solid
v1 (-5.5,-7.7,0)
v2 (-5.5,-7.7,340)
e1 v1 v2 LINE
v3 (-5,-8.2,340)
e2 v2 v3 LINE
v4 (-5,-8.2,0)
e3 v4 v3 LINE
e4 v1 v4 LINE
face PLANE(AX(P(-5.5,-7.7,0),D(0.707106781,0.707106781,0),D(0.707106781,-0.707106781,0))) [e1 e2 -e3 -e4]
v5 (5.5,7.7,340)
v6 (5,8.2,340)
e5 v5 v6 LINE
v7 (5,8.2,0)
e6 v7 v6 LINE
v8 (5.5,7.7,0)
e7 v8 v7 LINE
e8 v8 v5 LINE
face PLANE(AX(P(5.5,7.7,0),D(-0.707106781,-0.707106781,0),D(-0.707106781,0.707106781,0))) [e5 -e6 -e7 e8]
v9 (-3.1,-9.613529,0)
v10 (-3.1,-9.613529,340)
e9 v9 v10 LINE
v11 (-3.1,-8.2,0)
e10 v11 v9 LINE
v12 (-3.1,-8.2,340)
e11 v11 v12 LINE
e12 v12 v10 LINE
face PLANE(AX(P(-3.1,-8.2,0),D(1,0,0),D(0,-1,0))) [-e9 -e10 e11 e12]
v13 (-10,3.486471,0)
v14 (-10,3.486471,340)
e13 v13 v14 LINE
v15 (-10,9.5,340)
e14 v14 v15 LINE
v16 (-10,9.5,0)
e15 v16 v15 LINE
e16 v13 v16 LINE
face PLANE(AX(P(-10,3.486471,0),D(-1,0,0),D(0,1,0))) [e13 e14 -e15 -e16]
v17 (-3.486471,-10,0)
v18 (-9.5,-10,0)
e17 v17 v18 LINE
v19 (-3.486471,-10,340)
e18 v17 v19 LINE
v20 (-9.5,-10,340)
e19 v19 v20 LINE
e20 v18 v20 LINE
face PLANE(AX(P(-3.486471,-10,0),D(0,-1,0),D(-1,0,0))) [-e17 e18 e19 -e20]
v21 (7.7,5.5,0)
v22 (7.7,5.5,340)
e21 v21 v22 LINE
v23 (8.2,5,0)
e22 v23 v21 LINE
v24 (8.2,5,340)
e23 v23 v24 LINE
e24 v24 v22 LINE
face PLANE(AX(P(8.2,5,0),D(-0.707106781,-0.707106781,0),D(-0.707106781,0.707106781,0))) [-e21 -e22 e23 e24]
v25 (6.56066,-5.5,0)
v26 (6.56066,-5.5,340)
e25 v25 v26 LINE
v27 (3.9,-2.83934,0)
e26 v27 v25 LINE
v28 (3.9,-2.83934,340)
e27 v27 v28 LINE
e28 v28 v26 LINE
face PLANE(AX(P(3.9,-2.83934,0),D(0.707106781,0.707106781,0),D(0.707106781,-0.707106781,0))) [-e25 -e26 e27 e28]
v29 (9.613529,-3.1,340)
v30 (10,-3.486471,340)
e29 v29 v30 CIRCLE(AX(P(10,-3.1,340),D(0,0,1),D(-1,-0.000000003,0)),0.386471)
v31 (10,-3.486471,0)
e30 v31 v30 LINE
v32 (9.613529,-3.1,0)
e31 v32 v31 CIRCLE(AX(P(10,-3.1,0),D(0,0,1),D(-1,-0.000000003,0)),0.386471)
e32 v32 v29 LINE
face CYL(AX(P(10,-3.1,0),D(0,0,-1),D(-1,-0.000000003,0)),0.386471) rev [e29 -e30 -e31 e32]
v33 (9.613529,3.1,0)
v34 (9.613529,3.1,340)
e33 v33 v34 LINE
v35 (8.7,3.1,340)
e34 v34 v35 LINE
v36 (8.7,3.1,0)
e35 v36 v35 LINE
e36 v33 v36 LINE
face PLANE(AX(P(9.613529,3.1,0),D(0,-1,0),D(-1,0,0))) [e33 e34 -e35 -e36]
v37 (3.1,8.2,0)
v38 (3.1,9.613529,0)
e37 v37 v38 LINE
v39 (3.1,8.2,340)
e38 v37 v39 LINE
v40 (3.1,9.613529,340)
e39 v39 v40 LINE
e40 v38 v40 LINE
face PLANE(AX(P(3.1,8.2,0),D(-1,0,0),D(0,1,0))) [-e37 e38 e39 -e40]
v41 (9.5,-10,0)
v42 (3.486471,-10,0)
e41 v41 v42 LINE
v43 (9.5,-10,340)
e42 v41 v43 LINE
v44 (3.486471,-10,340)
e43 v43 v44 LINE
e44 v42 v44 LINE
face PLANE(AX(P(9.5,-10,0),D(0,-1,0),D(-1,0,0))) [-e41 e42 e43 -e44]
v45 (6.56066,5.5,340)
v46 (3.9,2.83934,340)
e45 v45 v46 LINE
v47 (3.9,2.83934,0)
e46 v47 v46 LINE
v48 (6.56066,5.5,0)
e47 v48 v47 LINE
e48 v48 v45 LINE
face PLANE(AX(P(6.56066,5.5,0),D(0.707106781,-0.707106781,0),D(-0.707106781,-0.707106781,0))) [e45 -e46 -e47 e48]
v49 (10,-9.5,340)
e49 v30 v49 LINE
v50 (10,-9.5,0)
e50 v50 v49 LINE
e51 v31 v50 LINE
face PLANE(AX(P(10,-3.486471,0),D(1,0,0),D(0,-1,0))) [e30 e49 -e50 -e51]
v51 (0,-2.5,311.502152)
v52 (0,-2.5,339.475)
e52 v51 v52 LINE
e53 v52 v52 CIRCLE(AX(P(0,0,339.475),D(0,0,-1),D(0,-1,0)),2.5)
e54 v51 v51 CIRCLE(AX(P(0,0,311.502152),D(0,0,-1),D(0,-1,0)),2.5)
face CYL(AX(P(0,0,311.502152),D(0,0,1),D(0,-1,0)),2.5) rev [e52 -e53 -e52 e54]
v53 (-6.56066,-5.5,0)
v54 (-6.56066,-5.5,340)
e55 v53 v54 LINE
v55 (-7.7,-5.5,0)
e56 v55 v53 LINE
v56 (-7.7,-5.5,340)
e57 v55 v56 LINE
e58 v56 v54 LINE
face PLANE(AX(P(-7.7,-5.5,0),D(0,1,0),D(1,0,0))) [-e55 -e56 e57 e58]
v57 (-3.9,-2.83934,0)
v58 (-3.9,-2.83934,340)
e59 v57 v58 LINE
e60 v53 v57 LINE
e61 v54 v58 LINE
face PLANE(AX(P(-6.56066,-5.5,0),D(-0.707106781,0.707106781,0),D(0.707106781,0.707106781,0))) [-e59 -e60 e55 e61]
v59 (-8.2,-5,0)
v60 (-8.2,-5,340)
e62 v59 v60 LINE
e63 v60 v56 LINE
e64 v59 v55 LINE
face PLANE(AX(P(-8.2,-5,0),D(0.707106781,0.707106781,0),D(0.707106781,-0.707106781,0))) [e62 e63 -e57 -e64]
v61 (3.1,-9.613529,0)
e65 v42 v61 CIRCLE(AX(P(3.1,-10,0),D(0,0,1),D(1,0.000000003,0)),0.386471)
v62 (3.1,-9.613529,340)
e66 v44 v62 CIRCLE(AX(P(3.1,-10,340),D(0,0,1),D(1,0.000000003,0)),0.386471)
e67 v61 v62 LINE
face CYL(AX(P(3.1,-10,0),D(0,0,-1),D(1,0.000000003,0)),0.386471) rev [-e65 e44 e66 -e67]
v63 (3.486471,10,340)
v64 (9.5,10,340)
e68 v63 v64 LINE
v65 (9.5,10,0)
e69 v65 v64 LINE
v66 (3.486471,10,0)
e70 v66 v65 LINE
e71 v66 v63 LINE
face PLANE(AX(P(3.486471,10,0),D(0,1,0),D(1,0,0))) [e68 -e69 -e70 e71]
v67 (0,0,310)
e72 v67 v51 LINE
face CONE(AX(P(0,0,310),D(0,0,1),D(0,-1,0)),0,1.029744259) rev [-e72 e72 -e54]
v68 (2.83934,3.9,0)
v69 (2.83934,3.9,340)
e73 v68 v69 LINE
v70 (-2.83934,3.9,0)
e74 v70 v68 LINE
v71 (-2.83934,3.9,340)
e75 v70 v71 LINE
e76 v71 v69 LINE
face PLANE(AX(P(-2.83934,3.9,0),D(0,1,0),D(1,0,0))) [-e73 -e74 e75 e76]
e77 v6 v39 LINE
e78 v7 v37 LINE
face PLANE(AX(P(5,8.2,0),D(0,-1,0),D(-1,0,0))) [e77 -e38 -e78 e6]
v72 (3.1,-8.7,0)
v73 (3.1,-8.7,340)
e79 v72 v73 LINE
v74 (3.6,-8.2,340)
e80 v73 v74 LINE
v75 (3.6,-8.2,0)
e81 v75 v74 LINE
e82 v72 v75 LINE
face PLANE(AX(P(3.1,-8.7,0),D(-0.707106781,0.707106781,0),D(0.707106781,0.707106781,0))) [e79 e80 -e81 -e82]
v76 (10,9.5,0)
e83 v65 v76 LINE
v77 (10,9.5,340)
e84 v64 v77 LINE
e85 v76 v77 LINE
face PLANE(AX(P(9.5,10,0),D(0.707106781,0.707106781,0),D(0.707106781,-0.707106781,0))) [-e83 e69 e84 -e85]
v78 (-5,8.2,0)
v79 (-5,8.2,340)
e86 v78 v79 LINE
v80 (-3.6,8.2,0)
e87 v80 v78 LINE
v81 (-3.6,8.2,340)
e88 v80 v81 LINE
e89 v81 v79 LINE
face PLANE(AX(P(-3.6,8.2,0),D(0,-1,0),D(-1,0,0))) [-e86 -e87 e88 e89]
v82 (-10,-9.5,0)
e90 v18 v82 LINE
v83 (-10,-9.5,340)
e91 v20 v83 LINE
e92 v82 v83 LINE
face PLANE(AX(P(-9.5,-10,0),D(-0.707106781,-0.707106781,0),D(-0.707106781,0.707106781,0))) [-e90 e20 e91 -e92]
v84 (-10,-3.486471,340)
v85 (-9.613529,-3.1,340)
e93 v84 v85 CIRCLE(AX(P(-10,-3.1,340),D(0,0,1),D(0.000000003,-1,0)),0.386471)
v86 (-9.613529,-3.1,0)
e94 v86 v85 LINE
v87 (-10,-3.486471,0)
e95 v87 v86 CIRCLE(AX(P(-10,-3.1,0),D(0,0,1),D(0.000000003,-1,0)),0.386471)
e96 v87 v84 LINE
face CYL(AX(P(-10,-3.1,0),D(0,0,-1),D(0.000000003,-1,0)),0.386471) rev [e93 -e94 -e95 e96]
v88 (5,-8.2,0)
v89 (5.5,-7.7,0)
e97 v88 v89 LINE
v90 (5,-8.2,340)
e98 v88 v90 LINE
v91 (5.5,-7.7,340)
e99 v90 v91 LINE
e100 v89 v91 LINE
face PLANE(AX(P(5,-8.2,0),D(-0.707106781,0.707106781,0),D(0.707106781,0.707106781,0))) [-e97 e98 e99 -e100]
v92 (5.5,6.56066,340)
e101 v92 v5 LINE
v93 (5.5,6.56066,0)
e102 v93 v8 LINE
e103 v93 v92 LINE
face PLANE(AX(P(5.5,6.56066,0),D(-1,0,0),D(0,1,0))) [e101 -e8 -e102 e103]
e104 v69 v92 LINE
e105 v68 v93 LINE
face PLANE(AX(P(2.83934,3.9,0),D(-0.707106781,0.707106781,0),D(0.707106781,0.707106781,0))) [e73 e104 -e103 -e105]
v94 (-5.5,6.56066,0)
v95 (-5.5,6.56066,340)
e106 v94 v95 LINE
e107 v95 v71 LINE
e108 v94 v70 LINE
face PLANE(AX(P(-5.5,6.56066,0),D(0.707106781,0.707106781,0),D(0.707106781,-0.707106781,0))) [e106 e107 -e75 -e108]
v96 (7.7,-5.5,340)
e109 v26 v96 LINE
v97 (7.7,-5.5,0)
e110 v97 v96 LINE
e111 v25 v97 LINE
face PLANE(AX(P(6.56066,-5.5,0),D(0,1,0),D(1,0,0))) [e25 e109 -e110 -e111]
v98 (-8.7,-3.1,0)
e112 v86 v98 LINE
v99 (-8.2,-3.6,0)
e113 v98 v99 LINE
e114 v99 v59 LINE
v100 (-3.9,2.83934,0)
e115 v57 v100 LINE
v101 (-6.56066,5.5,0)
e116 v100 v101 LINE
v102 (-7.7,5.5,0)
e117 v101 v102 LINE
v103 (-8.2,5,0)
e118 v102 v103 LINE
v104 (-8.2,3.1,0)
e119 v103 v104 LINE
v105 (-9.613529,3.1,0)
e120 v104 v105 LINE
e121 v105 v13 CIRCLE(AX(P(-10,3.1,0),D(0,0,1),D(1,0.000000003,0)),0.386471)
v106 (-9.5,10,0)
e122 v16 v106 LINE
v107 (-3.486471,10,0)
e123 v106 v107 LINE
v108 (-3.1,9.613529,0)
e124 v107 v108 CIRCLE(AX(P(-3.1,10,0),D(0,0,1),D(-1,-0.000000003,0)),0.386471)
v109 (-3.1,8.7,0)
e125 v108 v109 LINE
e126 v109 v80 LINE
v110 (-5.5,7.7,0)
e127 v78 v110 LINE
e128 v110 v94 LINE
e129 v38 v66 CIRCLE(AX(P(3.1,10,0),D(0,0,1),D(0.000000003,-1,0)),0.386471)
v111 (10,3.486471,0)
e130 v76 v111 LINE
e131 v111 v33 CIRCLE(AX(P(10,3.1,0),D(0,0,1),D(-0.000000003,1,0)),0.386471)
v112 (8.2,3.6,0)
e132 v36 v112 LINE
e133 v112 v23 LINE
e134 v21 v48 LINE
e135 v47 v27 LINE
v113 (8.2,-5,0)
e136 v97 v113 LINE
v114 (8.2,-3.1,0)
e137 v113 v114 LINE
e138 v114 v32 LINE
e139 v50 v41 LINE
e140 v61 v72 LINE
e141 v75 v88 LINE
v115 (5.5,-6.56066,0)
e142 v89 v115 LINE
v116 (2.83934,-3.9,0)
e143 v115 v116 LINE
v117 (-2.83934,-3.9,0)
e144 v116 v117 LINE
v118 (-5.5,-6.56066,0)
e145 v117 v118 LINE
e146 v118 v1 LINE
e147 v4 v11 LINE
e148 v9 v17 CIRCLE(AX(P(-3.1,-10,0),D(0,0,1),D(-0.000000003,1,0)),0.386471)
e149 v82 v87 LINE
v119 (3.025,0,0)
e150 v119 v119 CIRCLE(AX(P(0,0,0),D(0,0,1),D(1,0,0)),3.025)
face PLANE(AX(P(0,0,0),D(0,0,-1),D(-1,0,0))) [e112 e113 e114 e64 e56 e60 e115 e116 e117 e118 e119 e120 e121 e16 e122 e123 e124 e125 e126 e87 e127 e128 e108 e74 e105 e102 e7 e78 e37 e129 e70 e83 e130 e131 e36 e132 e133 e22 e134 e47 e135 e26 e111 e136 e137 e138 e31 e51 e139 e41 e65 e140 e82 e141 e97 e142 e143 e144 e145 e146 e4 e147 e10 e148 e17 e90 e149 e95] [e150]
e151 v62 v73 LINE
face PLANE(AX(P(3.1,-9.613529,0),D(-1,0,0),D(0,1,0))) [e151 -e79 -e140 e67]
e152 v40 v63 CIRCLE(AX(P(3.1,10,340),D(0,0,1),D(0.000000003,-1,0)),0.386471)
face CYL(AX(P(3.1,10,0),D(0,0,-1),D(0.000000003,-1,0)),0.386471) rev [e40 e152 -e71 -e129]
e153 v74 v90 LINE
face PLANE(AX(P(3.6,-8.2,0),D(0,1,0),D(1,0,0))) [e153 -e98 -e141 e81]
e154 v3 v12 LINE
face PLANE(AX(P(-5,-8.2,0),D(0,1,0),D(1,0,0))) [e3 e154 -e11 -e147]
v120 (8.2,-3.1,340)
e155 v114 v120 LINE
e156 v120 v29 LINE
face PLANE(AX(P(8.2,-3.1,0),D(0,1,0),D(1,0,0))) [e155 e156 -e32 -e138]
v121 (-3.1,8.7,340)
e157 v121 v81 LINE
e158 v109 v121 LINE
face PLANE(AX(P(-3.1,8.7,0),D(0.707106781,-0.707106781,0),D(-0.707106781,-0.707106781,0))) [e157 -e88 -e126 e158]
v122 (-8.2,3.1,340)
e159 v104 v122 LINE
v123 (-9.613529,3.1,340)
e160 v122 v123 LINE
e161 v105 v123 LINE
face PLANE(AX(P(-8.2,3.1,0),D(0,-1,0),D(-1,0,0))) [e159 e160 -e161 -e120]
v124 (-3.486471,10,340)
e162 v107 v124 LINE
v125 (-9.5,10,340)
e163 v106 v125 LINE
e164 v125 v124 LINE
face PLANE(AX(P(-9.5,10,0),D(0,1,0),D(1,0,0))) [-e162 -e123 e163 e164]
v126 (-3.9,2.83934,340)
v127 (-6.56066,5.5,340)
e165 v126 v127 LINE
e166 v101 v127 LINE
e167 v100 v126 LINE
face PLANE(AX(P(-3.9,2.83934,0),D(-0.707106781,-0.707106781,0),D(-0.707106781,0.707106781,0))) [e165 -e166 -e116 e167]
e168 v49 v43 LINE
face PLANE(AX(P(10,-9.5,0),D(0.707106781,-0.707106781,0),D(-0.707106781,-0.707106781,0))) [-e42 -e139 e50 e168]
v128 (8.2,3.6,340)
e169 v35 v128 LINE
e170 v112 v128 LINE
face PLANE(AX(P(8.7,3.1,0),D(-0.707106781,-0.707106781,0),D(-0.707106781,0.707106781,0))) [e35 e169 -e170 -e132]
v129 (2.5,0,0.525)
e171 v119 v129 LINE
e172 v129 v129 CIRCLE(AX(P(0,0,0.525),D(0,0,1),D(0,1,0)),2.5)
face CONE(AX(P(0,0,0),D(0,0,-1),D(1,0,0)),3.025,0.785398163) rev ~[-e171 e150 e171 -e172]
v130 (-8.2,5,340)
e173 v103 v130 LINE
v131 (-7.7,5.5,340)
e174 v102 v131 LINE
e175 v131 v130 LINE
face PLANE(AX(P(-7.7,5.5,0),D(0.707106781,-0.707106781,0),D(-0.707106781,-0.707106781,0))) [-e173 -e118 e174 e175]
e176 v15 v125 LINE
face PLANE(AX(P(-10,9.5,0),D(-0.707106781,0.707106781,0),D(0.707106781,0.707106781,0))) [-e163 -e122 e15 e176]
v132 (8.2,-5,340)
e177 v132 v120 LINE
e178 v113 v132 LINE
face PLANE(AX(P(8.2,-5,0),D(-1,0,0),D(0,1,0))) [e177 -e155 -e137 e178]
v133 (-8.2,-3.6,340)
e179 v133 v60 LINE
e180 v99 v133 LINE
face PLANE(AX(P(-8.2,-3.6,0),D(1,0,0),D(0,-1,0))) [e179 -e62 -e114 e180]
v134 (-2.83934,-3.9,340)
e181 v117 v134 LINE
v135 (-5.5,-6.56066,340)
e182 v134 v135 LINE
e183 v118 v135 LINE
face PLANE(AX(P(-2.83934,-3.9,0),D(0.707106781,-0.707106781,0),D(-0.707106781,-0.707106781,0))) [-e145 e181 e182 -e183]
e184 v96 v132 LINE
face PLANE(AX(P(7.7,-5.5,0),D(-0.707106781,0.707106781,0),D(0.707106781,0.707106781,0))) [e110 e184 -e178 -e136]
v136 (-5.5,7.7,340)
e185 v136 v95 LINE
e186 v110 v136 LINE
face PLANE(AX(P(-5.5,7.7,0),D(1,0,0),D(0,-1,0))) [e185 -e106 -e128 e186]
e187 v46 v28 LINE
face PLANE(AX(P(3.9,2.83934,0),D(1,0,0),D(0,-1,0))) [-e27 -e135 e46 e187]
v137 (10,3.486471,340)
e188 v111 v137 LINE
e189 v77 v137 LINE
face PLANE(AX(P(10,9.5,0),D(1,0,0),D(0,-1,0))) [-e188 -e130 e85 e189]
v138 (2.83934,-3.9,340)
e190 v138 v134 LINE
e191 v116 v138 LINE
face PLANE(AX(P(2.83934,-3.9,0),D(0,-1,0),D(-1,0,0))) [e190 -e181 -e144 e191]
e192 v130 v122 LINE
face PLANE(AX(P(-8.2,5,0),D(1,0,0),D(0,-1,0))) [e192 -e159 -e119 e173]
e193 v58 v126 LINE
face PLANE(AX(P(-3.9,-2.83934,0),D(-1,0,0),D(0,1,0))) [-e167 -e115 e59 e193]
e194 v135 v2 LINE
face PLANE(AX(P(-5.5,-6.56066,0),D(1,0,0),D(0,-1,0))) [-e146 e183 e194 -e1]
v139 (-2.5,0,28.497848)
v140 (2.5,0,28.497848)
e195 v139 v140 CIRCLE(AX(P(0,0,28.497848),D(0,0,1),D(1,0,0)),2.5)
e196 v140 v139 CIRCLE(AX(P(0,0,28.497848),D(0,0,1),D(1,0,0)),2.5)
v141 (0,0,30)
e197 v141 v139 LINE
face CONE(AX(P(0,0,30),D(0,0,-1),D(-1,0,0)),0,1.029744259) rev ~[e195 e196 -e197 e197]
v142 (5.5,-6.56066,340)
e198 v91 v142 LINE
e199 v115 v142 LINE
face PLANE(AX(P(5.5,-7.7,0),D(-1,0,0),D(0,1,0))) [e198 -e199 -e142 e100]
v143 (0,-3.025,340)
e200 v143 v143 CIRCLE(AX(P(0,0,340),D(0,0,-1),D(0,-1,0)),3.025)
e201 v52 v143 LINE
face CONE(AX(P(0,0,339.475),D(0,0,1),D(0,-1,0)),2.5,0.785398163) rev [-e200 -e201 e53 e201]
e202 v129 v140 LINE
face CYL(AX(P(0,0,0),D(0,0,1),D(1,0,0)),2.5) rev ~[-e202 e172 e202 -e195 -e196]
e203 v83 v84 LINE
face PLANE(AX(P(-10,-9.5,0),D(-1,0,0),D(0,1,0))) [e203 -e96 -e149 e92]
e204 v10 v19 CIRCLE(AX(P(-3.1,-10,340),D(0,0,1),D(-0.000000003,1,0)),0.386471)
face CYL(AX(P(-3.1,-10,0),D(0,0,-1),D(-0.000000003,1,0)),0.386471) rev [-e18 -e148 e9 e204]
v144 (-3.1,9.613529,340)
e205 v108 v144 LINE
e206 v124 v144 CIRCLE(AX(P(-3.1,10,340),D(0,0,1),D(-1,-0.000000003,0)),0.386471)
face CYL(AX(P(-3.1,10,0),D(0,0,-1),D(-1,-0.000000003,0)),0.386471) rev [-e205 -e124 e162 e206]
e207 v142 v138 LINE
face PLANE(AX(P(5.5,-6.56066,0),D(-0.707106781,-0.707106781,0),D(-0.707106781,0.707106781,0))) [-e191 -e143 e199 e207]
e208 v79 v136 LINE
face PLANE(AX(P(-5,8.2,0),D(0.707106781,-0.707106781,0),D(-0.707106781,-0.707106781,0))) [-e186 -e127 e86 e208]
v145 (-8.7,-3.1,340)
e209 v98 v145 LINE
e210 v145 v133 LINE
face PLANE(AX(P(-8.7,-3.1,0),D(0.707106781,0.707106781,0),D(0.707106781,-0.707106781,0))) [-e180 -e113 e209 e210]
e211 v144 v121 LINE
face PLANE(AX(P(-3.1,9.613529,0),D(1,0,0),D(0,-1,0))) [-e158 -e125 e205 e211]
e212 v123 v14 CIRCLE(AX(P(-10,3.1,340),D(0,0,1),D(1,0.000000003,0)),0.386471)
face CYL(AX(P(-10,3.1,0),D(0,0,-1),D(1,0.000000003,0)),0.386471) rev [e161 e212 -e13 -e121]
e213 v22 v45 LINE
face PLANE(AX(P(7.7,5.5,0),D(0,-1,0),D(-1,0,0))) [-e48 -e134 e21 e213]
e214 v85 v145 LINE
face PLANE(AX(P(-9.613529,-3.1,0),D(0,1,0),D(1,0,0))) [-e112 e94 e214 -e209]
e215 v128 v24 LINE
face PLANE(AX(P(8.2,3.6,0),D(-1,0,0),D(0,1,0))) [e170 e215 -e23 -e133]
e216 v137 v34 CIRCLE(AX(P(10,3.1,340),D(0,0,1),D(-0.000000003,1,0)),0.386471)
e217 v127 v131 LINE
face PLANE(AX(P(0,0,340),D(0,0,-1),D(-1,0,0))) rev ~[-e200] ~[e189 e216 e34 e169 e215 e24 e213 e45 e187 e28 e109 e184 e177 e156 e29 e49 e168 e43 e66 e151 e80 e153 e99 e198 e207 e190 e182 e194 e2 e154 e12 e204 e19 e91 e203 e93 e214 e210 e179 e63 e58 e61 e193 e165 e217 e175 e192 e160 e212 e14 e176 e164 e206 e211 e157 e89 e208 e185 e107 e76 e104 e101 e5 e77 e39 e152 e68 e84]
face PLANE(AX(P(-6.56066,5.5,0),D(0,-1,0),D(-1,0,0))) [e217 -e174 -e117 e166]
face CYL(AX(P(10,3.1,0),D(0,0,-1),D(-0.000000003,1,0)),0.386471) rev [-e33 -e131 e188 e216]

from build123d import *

# Parameters (mm, degrees)
BOSS_EXTRUDE1_DEPTH             = 340
M6X1_0_TAPPED_HOLE2_D           = 5
M6X1_0_TAPPED_HOLE2_DEPTH       = 28.497848452
M6X1_0_TAPPED_HOLE2_CSINK_D     = 6.05
M6X1_0_TAPPED_HOLE2_CSINK_ANGLE = 90
M6X1_0_TAPPED_HOLE2_TIP         = 1.502151548


with BuildPart() as part:
    # Sketch1 → Boss-Extrude1 (new body)
    with BuildSketch(Plane.XY):
        with BuildLine():
            Line((-9.5, 10), (-3.486470896, 10))
            ThreePointArc((-3.486470896, 10), (-3.373276191, 9.726723809), (-3.1, 9.613529104))
            Line((-3.1, 9.613529104), (-3.1, 8.7))
            Line((-3.1, 8.7), (-3.6, 8.2))
            Line((-3.6, 8.2), (-5, 8.2))
            Line((-5, 8.2), (-5.5, 7.7))
            Line((-5.5, 7.7), (-5.5, 6.560660172))
            Line((-5.5, 6.560660172), (-2.839339828, 3.9))
            Line((-2.839339828, 3.9), (0, 3.9))
            Line((0, 3.9), (2.839339828, 3.9))
            Line((2.839339828, 3.9), (5.5, 6.560660172))
            Line((5.5, 6.560660172), (5.5, 7.7))
            Line((5.5, 7.7), (5, 8.2))
            Line((5, 8.2), (3.1, 8.2))
            Line((3.1, 8.2), (3.1, 9.613529104))
            ThreePointArc((3.1, 9.613529104), (3.373276191, 9.726723809), (3.486470896, 10))
            Line((3.486470896, 10), (9.5, 10))
            Line((9.5, 10), (10, 9.5))
            Line((10, 9.5), (10, 3.486470896))
            ThreePointArc((10, 3.486470896), (9.726723809, 3.373276191), (9.613529104, 3.1))
            Line((9.613529104, 3.1), (8.7, 3.1))
            Line((8.7, 3.1), (8.2, 3.6))
            Line((8.2, 3.6), (8.2, 5))
            Line((8.2, 5), (7.7, 5.5))
            Line((7.7, 5.5), (6.560660172, 5.5))
            Line((6.560660172, 5.5), (3.9, 2.839339828))
            Line((3.9, 2.839339828), (3.9, 0))
            Line((3.9, 0), (3.9, -2.839339828))
            Line((3.9, -2.839339828), (6.560660172, -5.5))
            Line((6.560660172, -5.5), (7.7, -5.5))
            Line((7.7, -5.5), (8.2, -5))
            Line((8.2, -5), (8.2, -3.1))
            Line((8.2, -3.1), (9.613529104, -3.1))
            ThreePointArc((9.613529104, -3.1), (9.726723809, -3.373276191), (10, -3.486470896))
            Line((10, -3.486470896), (10, -9.5))
            Line((10, -9.5), (9.5, -10))
            Line((9.5, -10), (3.486470896, -10))
            ThreePointArc((3.486470896, -10), (3.373276191, -9.726723809), (3.1, -9.613529104))
            Line((3.1, -9.613529104), (3.1, -8.7))
            Line((3.1, -8.7), (3.6, -8.2))
            Line((3.6, -8.2), (5, -8.2))
            Line((5, -8.2), (5.5, -7.7))
            Line((5.5, -7.7), (5.5, -6.560660172))
            Line((5.5, -6.560660172), (2.839339828, -3.9))
            Line((2.839339828, -3.9), (0, -3.9))
            Line((0, -3.9), (-2.839339828, -3.9))
            Line((-2.839339828, -3.9), (-5.5, -6.560660172))
            Line((-5.5, -6.560660172), (-5.5, -7.7))
            Line((-5.5, -7.7), (-5, -8.2))
            Line((-5, -8.2), (-3.1, -8.2))
            Line((-3.1, -8.2), (-3.1, -9.613529104))
            ThreePointArc((-3.1, -9.613529104), (-3.373276191, -9.726723809), (-3.486470896, -10))
            Line((-3.486470896, -10), (-9.5, -10))
            Line((-9.5, -10), (-10, -9.5))
            Line((-10, -9.5), (-10, -3.486470896))
            ThreePointArc((-10, -3.486470896), (-9.726723809, -3.373276191), (-9.613529104, -3.1))
            Line((-9.613529104, -3.1), (-8.7, -3.1))
            Line((-8.7, -3.1), (-8.2, -3.6))
            Line((-8.2, -3.6), (-8.2, -5))
            Line((-8.2, -5), (-7.7, -5.5))
            Line((-7.7, -5.5), (-6.560660172, -5.5))
            Line((-6.560660172, -5.5), (-3.9, -2.839339828))
            Line((-3.9, -2.839339828), (-3.9, 0))
            Line((-3.9, 0), (-3.9, 2.839339828))
            Line((-3.9, 2.839339828), (-6.560660172, 5.5))
            Line((-6.560660172, 5.5), (-7.7, 5.5))
            Line((-7.7, 5.5), (-8.2, 5))
            Line((-8.2, 5), (-8.2, 3.1))
            Line((-8.2, 3.1), (-9.613529104, 3.1))
            ThreePointArc((-9.613529104, 3.1), (-9.726723809, 3.373276191), (-10, 3.486470896))
            Line((-10, 3.486470896), (-10, 9.5))
            Line((-10, 9.5), (-9.5, 10))
        make_face()
    extrude(amount=BOSS_EXTRUDE1_DEPTH)

    # Sketch2 → M6x1.0 Tapped Hole1 (revolve, cut)
    with BuildSketch(Plane(origin=(0, 0, 340), x_dir=(0, -1, 0), z_dir=(1, 0, 0))):
        Polygon((0, 0), (0, 30), (2.5, 28.497848452), (2.5, 0.525), (3.025, 0), align=None)
    revolve(axis=Axis((0, 0, 346.35), (0, 0, -1)), mode=Mode.SUBTRACT)

    # M6x1.0 Tapped Hole2
    with Locations(Plane(origin=(0, 0, 0), x_dir=(-1, 0, 0), z_dir=(0, 0, -1))):
        with Locations((0, 0)):
            CounterSinkHole(M6X1_0_TAPPED_HOLE2_D / 2, M6X1_0_TAPPED_HOLE2_CSINK_D / 2, depth=M6X1_0_TAPPED_HOLE2_DEPTH, counter_sink_angle=M6X1_0_TAPPED_HOLE2_CSINK_ANGLE)
            with Locations((0, 0, -(M6X1_0_TAPPED_HOLE2_DEPTH + M6X1_0_TAPPED_HOLE2_TIP / 2))):  # 118° drill point
                Cone(0, M6X1_0_TAPPED_HOLE2_D / 2, M6X1_0_TAPPED_HOLE2_TIP, mode=Mode.SUBTRACT)


solid = part.part
